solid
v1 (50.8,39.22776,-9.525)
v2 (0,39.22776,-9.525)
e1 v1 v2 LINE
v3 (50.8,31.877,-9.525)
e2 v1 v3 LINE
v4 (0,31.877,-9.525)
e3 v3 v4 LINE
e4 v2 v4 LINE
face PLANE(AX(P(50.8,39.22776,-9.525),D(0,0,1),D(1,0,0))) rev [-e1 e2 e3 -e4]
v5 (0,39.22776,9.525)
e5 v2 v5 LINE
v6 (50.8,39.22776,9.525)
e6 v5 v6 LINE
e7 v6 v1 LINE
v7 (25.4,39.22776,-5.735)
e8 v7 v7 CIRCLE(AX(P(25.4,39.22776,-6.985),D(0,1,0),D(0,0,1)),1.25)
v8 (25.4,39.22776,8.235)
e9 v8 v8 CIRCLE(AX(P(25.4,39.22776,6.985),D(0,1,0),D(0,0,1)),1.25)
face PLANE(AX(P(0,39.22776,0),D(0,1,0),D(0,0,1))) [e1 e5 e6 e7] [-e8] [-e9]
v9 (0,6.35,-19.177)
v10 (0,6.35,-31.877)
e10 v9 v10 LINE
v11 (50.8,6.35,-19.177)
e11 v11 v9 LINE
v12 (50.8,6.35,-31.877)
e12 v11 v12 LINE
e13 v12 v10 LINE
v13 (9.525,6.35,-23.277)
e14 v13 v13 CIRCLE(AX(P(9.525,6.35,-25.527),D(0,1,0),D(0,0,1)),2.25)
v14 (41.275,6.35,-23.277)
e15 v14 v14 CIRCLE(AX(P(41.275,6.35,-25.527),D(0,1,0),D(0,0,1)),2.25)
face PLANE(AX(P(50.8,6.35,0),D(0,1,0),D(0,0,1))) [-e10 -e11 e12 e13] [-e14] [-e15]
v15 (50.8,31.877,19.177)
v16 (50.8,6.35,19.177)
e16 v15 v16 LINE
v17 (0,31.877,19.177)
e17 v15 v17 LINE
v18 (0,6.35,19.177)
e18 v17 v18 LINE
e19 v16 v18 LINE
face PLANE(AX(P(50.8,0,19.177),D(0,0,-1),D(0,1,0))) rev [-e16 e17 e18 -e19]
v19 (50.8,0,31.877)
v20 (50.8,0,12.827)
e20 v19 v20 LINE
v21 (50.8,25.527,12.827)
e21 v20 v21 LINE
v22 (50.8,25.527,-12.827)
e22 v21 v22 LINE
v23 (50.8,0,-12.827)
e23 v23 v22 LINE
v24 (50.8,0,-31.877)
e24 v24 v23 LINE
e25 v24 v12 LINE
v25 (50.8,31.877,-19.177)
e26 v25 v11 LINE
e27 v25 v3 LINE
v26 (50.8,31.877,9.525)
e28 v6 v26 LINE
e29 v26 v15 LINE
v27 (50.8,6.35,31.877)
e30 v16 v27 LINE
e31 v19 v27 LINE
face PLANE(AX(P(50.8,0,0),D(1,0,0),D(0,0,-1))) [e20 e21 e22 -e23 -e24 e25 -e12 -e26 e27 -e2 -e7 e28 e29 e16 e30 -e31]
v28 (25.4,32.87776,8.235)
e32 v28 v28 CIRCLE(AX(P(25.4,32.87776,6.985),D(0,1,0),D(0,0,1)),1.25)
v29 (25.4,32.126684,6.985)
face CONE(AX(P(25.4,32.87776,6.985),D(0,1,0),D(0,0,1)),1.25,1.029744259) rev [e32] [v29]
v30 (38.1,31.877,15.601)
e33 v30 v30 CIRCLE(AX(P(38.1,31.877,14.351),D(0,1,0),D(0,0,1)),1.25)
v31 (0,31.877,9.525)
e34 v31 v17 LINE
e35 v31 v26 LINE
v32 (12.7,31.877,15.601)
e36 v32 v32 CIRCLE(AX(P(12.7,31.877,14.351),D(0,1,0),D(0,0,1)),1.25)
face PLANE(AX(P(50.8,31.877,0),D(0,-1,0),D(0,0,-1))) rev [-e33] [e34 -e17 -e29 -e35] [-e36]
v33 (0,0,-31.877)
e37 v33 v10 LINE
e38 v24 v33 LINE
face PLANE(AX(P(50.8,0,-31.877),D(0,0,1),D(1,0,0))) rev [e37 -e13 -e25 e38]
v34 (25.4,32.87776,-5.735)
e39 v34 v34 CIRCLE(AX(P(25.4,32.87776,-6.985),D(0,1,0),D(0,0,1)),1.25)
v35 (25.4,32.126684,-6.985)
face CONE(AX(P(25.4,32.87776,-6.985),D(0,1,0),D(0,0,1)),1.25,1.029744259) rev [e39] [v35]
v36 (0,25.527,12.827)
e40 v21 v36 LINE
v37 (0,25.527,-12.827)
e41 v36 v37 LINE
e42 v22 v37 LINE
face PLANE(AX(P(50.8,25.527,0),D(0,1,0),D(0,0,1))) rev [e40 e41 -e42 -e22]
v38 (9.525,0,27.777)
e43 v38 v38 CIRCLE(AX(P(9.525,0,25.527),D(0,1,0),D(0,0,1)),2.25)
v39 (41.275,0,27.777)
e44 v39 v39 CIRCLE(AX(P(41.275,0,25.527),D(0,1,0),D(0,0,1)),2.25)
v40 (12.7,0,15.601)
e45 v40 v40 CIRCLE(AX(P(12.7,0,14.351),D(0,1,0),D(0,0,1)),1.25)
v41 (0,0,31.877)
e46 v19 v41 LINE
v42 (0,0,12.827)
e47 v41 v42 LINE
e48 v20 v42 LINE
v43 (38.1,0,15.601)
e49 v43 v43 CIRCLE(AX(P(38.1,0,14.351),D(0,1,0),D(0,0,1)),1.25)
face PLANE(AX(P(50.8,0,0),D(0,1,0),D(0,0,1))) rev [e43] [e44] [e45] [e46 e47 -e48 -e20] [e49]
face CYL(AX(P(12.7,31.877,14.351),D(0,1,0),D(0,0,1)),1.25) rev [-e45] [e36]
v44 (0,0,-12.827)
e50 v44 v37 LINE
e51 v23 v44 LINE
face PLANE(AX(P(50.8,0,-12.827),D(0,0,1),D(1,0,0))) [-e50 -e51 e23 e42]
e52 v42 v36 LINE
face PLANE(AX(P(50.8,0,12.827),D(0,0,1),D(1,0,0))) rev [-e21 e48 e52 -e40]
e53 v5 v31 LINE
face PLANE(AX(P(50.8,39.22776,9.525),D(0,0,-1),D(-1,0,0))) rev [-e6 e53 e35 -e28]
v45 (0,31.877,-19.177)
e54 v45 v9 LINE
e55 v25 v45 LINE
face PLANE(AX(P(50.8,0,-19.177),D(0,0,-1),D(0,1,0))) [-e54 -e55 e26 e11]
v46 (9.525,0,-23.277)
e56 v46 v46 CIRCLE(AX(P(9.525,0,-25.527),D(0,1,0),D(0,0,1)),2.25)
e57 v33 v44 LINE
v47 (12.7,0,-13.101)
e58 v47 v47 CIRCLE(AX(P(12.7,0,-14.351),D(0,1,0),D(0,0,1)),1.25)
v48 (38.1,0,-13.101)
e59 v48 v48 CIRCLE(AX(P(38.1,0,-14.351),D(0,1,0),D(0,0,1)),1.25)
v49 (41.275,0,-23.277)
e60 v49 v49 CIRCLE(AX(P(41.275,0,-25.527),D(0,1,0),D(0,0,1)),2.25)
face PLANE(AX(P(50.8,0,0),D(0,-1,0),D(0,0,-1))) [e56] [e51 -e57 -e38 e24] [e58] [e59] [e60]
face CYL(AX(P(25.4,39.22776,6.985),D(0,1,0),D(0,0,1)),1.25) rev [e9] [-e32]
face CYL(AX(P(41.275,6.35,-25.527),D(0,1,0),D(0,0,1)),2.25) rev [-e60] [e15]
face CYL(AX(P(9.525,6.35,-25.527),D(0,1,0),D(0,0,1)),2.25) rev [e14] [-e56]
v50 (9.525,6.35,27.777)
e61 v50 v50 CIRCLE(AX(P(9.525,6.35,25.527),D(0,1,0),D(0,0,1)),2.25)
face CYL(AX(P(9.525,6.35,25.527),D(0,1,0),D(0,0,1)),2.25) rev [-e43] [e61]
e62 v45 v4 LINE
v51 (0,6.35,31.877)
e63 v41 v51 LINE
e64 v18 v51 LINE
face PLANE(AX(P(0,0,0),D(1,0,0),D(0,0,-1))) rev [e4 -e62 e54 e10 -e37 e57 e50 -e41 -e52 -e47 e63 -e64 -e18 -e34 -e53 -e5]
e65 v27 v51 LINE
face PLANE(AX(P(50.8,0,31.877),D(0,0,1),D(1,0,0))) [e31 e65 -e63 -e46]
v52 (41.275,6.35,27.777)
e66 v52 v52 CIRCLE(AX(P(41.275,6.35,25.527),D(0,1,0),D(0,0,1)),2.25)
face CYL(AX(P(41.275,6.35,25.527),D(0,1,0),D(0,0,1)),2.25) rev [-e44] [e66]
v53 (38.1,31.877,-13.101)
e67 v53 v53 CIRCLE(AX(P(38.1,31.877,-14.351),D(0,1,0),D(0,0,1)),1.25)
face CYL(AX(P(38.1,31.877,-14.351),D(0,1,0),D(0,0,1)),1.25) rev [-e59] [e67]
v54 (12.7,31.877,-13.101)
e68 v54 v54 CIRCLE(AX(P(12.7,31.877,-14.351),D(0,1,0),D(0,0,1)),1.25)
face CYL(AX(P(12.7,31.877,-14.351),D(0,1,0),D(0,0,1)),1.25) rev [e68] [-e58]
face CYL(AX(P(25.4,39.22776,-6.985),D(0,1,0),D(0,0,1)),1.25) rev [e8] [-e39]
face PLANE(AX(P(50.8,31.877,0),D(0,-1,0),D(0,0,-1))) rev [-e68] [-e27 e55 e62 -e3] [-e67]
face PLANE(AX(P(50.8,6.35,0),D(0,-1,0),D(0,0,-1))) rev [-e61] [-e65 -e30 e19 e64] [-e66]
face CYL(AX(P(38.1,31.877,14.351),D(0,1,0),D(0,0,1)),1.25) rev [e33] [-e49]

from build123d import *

# Parameters (mm, degrees)
SKETCH1_W                 = 12.7
SKETCH1_H                 = 6.35
BOSS_EXTRUDE1_DEPTH       = 50.8
SKETCH2_W                 = 50.8
SKETCH2_H                 = 19.05
BOSS_EXTRUDE2_DEPTH       = 7.35076
M3X0_5_TAPPED_HOLE1_D     = 2.5
M3X0_5_TAPPED_HOLE1_DEPTH = 6.35
M3X0_5_TAPPED_HOLE1_TIP   = 0.751075774
M3X0_5_TAPPED_HOLE2_D     = 2.5
M4_CLEARANCE_HOLE1_D      = 4.5


with BuildPart() as part:
    # Sketch1 → Boss-Extrude1 (new body)
    with BuildSketch(Plane(origin=(0, 0, 0), x_dir=(0, 0, -1), z_dir=(1, 0, 0))):
        Polygon((19.177, 6.35), (19.177, 31.877), (0, 31.877), (0, 25.527), (12.827, 25.527), (12.827, 0), (19.177, 0), align=None)
        with Locations((25.527, 3.175)):
            Rectangle(SKETCH1_W, SKETCH1_H)
        Polygon((0, 25.527), (0, 31.877), (-19.177, 31.877), (-19.177, 6.35), (-19.177, 0), (-12.827, 0), (-12.827, 25.527), align=None)
        with Locations((-25.527, 3.175)):
            Rectangle(SKETCH1_W, SKETCH1_H)
    extrude(amount=BOSS_EXTRUDE1_DEPTH)

    # Sketch2 → Boss-Extrude2 (add)
    with BuildSketch(Plane(origin=(0, 31.877, 0), x_dir=(1, 0, 0), z_dir=(0, 1, 0))):
        with Locations((25.4, 0)):
            Rectangle(SKETCH2_W, SKETCH2_H)
    extrude(amount=BOSS_EXTRUDE2_DEPTH)

    # M3x0.5 Tapped Hole1
    with Locations(Plane(origin=(0, 39.22776, 0), x_dir=(1, 0, 0), z_dir=(0, 1, 0))):
        with Locations((25.4, -6.985), (25.4, 6.985)):
            Hole(M3X0_5_TAPPED_HOLE1_D / 2, depth=M3X0_5_TAPPED_HOLE1_DEPTH)
            with Locations((0, 0, -(M3X0_5_TAPPED_HOLE1_DEPTH + M3X0_5_TAPPED_HOLE1_TIP / 2))):  # 118° drill point
                Cone(0, M3X0_5_TAPPED_HOLE1_D / 2, M3X0_5_TAPPED_HOLE1_TIP, mode=Mode.SUBTRACT)

    # M3x0.5 Tapped Hole2 (through all)
    with Locations(Plane(origin=(0, 31.877, 0), x_dir=(1, 0, 0), z_dir=(0, 1, 0))):
        with Locations((38.1, 14.351), (12.7, 14.351)):
            m3x0_5_tapped_hole2 = Hole(M3X0_5_TAPPED_HOLE2_D / 2)

    # Mirror1: M3x0.5 Tapped Hole2 across plane
    add(m3x0_5_tapped_hole2.mirror(Plane.XY), mode=Mode.SUBTRACT)

    # M4 Clearance Hole1 (through all)
    with Locations(Plane(origin=(0, 6.35, 0), x_dir=(1, 0, 0), z_dir=(0, 1, 0))):
        with Locations((41.275, 25.527), (9.525, 25.527)):
            m4_clearance_hole1 = Hole(M4_CLEARANCE_HOLE1_D / 2)

    # Mirror2: M4 Clearance Hole1 across plane
    add(m4_clearance_hole1.mirror(Plane.XY), mode=Mode.SUBTRACT)


solid = part.part
